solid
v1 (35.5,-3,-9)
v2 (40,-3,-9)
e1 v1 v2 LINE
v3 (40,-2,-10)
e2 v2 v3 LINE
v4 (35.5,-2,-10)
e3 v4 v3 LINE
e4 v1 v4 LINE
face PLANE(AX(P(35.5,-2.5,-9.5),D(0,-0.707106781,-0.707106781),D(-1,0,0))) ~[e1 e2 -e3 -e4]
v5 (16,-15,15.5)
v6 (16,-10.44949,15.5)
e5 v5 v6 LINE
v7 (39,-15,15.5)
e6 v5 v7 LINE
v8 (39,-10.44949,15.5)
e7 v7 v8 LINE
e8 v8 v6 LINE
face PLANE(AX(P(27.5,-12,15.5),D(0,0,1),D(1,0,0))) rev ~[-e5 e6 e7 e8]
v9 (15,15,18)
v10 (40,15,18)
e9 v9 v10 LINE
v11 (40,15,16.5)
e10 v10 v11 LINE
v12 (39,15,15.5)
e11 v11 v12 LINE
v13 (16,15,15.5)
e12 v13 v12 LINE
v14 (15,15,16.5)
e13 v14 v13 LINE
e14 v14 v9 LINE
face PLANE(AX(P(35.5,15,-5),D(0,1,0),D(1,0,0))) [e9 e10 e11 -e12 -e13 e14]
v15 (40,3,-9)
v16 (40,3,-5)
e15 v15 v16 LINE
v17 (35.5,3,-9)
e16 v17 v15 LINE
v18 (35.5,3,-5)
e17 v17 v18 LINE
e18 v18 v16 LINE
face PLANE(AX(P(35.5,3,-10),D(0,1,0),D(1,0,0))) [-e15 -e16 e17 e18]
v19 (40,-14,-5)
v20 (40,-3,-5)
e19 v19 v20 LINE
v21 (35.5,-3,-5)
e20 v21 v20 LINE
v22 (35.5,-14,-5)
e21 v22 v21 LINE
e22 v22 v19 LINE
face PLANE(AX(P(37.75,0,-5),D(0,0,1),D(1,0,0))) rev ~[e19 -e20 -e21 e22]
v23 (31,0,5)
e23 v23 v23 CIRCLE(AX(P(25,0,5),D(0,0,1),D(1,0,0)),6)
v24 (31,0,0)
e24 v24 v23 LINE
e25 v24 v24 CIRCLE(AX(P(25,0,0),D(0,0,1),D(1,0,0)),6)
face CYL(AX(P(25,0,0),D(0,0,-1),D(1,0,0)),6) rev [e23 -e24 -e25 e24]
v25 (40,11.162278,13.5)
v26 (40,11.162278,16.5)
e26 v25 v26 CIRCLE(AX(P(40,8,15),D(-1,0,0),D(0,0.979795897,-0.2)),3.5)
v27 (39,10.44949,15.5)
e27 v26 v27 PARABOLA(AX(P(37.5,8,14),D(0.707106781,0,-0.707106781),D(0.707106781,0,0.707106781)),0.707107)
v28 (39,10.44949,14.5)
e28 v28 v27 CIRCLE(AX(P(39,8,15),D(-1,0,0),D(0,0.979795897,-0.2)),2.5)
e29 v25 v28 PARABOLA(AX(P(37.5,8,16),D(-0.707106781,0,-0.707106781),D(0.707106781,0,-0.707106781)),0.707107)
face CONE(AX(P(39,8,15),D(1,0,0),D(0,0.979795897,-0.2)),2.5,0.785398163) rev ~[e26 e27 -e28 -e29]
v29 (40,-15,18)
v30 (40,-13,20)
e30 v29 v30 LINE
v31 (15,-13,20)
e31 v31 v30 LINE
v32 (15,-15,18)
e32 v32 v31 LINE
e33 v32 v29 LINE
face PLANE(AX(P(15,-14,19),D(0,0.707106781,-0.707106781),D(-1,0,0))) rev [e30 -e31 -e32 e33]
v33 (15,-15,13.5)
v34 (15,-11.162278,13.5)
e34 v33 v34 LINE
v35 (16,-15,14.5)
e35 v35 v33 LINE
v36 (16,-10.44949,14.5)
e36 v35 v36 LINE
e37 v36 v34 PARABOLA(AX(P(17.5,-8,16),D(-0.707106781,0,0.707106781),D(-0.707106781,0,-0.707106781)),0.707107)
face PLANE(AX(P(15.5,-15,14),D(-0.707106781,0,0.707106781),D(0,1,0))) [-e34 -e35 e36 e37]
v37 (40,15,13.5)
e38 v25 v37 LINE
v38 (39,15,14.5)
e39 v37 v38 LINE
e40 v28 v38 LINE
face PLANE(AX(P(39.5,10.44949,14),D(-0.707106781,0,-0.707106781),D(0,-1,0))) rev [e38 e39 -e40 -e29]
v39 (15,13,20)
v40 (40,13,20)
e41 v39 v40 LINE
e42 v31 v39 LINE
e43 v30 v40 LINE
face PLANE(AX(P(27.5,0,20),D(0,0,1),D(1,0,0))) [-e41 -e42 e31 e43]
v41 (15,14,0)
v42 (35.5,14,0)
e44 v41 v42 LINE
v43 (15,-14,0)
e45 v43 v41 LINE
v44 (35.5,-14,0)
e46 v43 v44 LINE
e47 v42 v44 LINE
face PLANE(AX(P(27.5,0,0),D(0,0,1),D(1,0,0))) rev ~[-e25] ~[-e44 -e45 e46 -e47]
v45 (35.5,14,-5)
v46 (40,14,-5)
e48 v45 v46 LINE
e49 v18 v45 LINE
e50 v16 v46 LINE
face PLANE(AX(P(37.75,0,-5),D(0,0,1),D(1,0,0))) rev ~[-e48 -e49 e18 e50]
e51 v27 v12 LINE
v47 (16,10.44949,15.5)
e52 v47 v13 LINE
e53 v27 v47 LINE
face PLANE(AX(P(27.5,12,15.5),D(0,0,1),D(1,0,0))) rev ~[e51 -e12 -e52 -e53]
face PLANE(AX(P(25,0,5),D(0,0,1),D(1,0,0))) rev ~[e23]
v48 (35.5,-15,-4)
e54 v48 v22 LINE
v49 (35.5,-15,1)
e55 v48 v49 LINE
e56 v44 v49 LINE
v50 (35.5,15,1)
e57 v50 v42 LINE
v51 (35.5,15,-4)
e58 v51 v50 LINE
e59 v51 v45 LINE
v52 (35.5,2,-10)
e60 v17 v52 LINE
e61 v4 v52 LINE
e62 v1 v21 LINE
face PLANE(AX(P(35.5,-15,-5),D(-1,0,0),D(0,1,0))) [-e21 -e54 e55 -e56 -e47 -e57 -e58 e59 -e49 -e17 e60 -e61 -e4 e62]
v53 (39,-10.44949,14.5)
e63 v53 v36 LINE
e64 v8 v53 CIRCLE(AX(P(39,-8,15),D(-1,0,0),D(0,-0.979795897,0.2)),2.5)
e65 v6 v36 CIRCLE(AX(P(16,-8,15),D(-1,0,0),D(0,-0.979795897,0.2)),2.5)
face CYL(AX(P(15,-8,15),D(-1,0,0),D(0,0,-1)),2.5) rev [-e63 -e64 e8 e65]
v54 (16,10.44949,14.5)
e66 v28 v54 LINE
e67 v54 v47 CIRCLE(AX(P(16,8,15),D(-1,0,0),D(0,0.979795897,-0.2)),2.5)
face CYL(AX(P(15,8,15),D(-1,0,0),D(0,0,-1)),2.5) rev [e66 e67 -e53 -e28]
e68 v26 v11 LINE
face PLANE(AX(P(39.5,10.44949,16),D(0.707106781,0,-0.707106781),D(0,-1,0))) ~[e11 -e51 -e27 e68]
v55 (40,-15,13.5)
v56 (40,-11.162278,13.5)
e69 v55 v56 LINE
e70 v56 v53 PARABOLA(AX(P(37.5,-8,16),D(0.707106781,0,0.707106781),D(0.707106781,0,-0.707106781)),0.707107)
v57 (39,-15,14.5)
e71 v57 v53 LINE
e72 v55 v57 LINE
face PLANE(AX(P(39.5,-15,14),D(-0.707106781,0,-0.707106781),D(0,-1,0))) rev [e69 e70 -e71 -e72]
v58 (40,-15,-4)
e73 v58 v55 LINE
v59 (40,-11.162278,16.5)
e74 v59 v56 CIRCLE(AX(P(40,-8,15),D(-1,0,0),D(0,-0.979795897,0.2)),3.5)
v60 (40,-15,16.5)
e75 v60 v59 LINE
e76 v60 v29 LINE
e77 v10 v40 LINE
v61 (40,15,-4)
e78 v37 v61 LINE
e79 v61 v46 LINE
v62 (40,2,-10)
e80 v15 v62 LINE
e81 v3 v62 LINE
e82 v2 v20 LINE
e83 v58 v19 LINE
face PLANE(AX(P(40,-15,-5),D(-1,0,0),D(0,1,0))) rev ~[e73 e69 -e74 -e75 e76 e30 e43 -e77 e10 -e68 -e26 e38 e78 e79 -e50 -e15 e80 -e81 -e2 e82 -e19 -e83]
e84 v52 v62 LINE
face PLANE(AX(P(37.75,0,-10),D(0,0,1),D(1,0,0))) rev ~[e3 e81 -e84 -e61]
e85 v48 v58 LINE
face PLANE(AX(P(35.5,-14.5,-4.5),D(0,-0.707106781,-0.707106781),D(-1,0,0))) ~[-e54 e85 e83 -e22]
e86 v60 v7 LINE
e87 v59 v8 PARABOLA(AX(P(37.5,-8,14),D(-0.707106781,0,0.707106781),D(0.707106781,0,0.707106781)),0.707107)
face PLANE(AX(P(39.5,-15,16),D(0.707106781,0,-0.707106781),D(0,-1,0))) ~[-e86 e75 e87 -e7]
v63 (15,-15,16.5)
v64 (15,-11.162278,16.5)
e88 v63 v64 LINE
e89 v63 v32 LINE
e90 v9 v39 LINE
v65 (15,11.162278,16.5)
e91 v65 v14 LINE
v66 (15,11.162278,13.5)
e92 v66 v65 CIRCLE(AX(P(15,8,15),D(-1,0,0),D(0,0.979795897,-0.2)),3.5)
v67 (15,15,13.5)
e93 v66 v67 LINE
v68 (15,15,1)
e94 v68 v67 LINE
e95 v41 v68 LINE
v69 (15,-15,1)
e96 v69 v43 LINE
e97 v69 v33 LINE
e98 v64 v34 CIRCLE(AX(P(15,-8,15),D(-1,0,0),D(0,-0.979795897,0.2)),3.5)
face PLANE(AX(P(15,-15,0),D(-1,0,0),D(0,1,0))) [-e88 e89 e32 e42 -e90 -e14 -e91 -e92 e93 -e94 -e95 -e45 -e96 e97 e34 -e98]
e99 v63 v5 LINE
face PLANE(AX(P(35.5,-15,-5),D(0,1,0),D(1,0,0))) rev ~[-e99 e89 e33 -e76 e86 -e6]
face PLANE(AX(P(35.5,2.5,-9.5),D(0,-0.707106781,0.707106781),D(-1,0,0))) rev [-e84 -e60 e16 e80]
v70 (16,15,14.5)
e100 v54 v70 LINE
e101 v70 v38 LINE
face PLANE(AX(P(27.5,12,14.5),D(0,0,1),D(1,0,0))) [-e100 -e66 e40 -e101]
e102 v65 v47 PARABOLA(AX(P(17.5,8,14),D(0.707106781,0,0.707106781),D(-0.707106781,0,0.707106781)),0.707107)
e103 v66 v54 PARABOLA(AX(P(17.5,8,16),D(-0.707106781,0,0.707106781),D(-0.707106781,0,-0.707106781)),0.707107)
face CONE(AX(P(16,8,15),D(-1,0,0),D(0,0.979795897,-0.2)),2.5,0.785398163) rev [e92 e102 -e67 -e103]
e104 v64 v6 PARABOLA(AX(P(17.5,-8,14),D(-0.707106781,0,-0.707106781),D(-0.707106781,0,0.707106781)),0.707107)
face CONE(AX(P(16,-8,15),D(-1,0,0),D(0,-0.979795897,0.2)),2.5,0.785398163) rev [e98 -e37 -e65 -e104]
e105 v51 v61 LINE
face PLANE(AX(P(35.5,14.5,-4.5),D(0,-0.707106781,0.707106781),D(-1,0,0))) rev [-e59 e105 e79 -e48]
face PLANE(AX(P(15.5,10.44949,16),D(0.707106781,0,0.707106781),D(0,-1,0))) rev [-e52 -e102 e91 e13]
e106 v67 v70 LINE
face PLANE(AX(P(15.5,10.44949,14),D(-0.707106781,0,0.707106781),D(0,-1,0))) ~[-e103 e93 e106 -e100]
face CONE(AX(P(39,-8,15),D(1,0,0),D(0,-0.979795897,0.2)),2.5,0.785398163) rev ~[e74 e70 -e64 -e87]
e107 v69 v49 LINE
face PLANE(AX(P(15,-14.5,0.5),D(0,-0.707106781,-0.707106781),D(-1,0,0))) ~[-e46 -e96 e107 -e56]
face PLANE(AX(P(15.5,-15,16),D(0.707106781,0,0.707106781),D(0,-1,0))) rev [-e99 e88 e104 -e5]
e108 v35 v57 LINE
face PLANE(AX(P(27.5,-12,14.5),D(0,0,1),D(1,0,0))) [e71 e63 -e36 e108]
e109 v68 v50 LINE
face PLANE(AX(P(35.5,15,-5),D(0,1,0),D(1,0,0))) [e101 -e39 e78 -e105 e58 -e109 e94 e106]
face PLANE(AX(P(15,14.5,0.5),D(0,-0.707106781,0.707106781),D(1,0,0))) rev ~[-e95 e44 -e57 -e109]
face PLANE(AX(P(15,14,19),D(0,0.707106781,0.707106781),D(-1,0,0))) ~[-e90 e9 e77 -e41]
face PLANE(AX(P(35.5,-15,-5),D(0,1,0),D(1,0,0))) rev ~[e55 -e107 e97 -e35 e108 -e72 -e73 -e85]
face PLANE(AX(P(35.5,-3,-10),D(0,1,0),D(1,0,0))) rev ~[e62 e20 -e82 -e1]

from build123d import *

# Parameters (mm, degrees)
CYLINDER025_R      = 6
CYLINDER025_DEPTH  = 5
BOX025_W           = 25
BOX025_H           = 6
BOX025_DEPTH       = 1
CYLINDER023_R      = 2.5
CYLINDER023_DEPTH  = 25
BOX026_W           = 25
BOX026_H           = 6
BOX026_DEPTH       = 1
CYLINDER024_R      = 2.5
CYLINDER024_DEPTH  = 25
BOX023_W           = 4.5
BOX023_H           = 30
BOX023_DEPTH       = 6
CHAMFER006015_SIZE = 1
BOX024_W           = 4.5
BOX024_H           = 6
BOX024_DEPTH       = 5
CHAMFER006016_SIZE = 1
BOX022_W           = 25
BOX022_H           = 30
BOX022_DEPTH       = 20
CHAMFER006017_SIZE = 2
CHAMFER006018_SIZE = 1
CHAMFER006023_SIZE = 1


with BuildPart() as cylinder025:
    # Cylinder025 → Cylinder025 (new body)
    with BuildSketch(Plane(origin=(25, 0, 0), x_dir=(1, 0, 0), z_dir=(0, 0, 1))):
        Circle(CYLINDER025_R)
    extrude(amount=CYLINDER025_DEPTH)


with BuildPart() as cube025:
    # Box025 → Box025 (new body)
    with BuildSketch(Plane(origin=(15, -15, 14.5), x_dir=(1, 0, 0), z_dir=(0, 0, 1))):
        with Locations((12.5, 3)):
            Rectangle(BOX025_W, BOX025_H)
    extrude(amount=BOX025_DEPTH)


with BuildPart() as cylinder023:
    # Cylinder023 → Cylinder023 (new body)
    with BuildSketch(Plane(origin=(15, 8, 15), x_dir=(0, 0, -1), z_dir=(1, 0, 0))):
        Circle(CYLINDER023_R)
    extrude(amount=CYLINDER023_DEPTH)


with BuildPart() as cube026:
    # Box026 → Box026 (new body)
    with BuildSketch(Plane(origin=(15, 9, 14.5), x_dir=(1, 0, 0), z_dir=(0, 0, 1))):
        with Locations((12.5, 3)):
            Rectangle(BOX026_W, BOX026_H)
    extrude(amount=BOX026_DEPTH)


with BuildPart() as fusion020006007003002009015:
    # Cylinder024 → Cylinder024 (new body)
    with BuildSketch(Plane(origin=(15, -8, 15), x_dir=(0, 0, -1), z_dir=(1, 0, 0))):
        Circle(CYLINDER024_R)
    extrude(amount=CYLINDER024_DEPTH)

    # Fusion020006007003002009015: union Cube025, Cylinder023, Cube026
    add(cube025.part)
    add(cylinder023.part)
    add(cube026.part)


with BuildPart() as chamfer006015:
    # Box023 → Box023 (new body)
    with BuildSketch(Plane(origin=(35.5, -15, -5), x_dir=(1, 0, 0), z_dir=(0, 0, 1))):
        with Locations((2.25, 15)):
            Rectangle(BOX023_W, BOX023_H)
    extrude(amount=BOX023_DEPTH)

    # Chamfer006015
    chamfer006015_edges = [chamfer006015.edges().sort_by_distance(p)[0] for p in [
        (37.75, -15, -5),
        (37.75, 15, -5),
    ]]
    chamfer(chamfer006015_edges, length=CHAMFER006015_SIZE)


with BuildPart() as chamfer006016:
    # Box024 → Box024 (new body)
    with BuildSketch(Plane(origin=(35.5, -3, -10), x_dir=(1, 0, 0), z_dir=(0, 0, 1))):
        with Locations((2.25, 3)):
            Rectangle(BOX024_W, BOX024_H)
    extrude(amount=BOX024_DEPTH)

    # Chamfer006016
    chamfer006016_edges = [chamfer006016.edges().sort_by_distance(p)[0] for p in [
        (37.75, -3, -10),
        (37.75, 3, -10),
    ]]
    chamfer(chamfer006016_edges, length=CHAMFER006016_SIZE)


with BuildPart() as fb_stopper:
    # Box022 → Box022 (new body)
    with BuildSketch(Plane(origin=(15, -15, 0), x_dir=(1, 0, 0), z_dir=(0, 0, 1))):
        with Locations((12.5, 15)):
            Rectangle(BOX022_W, BOX022_H)
    extrude(amount=BOX022_DEPTH)

    # Chamfer006017
    chamfer006017_edges = [fb_stopper.edges().sort_by_distance(p)[0] for p in [
        (27.5, -15, 20),
        (27.5, 15, 20),
    ]]
    chamfer(chamfer006017_edges, length=CHAMFER006017_SIZE)

    # Chamfer006018
    chamfer006018_edges = [fb_stopper.edges().sort_by_distance(p)[0] for p in [
        (27.5, -15, 0),
        (27.5, 15, 0),
    ]]
    chamfer(chamfer006018_edges, length=CHAMFER006018_SIZE)

    # Fusion020006007003002009014: union Chamfer006015, Chamfer006016
    add(chamfer006015.part)
    add(chamfer006016.part)

    # Cut015: cut Fusion020006007003002009015
    add(fusion020006007003002009015.part, mode=Mode.SUBTRACT)

    # Cut016: cut Cylinder025
    add(cylinder025.part, mode=Mode.SUBTRACT)

    # Chamfer006023
    chamfer006023_edges = [fb_stopper.edges().sort_by_distance(p)[0] for p in [
        (15, -12.724745, 14.5),
        (15, -9.581139, 13.063508),
        (15, -6.063508, 16.581139),
        (15, -12.724745, 15.5),
        (15, 12.724745, 15.5),
        (15, 6.063508, 16.581139),
        (15, 9.581139, 13.063508),
        (15, 12.724745, 14.5),
        (40, -12.724745, 14.5),
        (40, -9.581139, 13.063508),
        (40, -6.063508, 16.581139),
        (40, -12.724745, 15.5),
        (40, 12.724745, 15.5),
        (40, 6.063508, 16.581139),
        (40, 9.581139, 13.063508),
        (40, 12.724745, 14.5),
    ]]
    chamfer(chamfer006023_edges, length=CHAMFER006023_SIZE)


solid = fb_stopper.part
